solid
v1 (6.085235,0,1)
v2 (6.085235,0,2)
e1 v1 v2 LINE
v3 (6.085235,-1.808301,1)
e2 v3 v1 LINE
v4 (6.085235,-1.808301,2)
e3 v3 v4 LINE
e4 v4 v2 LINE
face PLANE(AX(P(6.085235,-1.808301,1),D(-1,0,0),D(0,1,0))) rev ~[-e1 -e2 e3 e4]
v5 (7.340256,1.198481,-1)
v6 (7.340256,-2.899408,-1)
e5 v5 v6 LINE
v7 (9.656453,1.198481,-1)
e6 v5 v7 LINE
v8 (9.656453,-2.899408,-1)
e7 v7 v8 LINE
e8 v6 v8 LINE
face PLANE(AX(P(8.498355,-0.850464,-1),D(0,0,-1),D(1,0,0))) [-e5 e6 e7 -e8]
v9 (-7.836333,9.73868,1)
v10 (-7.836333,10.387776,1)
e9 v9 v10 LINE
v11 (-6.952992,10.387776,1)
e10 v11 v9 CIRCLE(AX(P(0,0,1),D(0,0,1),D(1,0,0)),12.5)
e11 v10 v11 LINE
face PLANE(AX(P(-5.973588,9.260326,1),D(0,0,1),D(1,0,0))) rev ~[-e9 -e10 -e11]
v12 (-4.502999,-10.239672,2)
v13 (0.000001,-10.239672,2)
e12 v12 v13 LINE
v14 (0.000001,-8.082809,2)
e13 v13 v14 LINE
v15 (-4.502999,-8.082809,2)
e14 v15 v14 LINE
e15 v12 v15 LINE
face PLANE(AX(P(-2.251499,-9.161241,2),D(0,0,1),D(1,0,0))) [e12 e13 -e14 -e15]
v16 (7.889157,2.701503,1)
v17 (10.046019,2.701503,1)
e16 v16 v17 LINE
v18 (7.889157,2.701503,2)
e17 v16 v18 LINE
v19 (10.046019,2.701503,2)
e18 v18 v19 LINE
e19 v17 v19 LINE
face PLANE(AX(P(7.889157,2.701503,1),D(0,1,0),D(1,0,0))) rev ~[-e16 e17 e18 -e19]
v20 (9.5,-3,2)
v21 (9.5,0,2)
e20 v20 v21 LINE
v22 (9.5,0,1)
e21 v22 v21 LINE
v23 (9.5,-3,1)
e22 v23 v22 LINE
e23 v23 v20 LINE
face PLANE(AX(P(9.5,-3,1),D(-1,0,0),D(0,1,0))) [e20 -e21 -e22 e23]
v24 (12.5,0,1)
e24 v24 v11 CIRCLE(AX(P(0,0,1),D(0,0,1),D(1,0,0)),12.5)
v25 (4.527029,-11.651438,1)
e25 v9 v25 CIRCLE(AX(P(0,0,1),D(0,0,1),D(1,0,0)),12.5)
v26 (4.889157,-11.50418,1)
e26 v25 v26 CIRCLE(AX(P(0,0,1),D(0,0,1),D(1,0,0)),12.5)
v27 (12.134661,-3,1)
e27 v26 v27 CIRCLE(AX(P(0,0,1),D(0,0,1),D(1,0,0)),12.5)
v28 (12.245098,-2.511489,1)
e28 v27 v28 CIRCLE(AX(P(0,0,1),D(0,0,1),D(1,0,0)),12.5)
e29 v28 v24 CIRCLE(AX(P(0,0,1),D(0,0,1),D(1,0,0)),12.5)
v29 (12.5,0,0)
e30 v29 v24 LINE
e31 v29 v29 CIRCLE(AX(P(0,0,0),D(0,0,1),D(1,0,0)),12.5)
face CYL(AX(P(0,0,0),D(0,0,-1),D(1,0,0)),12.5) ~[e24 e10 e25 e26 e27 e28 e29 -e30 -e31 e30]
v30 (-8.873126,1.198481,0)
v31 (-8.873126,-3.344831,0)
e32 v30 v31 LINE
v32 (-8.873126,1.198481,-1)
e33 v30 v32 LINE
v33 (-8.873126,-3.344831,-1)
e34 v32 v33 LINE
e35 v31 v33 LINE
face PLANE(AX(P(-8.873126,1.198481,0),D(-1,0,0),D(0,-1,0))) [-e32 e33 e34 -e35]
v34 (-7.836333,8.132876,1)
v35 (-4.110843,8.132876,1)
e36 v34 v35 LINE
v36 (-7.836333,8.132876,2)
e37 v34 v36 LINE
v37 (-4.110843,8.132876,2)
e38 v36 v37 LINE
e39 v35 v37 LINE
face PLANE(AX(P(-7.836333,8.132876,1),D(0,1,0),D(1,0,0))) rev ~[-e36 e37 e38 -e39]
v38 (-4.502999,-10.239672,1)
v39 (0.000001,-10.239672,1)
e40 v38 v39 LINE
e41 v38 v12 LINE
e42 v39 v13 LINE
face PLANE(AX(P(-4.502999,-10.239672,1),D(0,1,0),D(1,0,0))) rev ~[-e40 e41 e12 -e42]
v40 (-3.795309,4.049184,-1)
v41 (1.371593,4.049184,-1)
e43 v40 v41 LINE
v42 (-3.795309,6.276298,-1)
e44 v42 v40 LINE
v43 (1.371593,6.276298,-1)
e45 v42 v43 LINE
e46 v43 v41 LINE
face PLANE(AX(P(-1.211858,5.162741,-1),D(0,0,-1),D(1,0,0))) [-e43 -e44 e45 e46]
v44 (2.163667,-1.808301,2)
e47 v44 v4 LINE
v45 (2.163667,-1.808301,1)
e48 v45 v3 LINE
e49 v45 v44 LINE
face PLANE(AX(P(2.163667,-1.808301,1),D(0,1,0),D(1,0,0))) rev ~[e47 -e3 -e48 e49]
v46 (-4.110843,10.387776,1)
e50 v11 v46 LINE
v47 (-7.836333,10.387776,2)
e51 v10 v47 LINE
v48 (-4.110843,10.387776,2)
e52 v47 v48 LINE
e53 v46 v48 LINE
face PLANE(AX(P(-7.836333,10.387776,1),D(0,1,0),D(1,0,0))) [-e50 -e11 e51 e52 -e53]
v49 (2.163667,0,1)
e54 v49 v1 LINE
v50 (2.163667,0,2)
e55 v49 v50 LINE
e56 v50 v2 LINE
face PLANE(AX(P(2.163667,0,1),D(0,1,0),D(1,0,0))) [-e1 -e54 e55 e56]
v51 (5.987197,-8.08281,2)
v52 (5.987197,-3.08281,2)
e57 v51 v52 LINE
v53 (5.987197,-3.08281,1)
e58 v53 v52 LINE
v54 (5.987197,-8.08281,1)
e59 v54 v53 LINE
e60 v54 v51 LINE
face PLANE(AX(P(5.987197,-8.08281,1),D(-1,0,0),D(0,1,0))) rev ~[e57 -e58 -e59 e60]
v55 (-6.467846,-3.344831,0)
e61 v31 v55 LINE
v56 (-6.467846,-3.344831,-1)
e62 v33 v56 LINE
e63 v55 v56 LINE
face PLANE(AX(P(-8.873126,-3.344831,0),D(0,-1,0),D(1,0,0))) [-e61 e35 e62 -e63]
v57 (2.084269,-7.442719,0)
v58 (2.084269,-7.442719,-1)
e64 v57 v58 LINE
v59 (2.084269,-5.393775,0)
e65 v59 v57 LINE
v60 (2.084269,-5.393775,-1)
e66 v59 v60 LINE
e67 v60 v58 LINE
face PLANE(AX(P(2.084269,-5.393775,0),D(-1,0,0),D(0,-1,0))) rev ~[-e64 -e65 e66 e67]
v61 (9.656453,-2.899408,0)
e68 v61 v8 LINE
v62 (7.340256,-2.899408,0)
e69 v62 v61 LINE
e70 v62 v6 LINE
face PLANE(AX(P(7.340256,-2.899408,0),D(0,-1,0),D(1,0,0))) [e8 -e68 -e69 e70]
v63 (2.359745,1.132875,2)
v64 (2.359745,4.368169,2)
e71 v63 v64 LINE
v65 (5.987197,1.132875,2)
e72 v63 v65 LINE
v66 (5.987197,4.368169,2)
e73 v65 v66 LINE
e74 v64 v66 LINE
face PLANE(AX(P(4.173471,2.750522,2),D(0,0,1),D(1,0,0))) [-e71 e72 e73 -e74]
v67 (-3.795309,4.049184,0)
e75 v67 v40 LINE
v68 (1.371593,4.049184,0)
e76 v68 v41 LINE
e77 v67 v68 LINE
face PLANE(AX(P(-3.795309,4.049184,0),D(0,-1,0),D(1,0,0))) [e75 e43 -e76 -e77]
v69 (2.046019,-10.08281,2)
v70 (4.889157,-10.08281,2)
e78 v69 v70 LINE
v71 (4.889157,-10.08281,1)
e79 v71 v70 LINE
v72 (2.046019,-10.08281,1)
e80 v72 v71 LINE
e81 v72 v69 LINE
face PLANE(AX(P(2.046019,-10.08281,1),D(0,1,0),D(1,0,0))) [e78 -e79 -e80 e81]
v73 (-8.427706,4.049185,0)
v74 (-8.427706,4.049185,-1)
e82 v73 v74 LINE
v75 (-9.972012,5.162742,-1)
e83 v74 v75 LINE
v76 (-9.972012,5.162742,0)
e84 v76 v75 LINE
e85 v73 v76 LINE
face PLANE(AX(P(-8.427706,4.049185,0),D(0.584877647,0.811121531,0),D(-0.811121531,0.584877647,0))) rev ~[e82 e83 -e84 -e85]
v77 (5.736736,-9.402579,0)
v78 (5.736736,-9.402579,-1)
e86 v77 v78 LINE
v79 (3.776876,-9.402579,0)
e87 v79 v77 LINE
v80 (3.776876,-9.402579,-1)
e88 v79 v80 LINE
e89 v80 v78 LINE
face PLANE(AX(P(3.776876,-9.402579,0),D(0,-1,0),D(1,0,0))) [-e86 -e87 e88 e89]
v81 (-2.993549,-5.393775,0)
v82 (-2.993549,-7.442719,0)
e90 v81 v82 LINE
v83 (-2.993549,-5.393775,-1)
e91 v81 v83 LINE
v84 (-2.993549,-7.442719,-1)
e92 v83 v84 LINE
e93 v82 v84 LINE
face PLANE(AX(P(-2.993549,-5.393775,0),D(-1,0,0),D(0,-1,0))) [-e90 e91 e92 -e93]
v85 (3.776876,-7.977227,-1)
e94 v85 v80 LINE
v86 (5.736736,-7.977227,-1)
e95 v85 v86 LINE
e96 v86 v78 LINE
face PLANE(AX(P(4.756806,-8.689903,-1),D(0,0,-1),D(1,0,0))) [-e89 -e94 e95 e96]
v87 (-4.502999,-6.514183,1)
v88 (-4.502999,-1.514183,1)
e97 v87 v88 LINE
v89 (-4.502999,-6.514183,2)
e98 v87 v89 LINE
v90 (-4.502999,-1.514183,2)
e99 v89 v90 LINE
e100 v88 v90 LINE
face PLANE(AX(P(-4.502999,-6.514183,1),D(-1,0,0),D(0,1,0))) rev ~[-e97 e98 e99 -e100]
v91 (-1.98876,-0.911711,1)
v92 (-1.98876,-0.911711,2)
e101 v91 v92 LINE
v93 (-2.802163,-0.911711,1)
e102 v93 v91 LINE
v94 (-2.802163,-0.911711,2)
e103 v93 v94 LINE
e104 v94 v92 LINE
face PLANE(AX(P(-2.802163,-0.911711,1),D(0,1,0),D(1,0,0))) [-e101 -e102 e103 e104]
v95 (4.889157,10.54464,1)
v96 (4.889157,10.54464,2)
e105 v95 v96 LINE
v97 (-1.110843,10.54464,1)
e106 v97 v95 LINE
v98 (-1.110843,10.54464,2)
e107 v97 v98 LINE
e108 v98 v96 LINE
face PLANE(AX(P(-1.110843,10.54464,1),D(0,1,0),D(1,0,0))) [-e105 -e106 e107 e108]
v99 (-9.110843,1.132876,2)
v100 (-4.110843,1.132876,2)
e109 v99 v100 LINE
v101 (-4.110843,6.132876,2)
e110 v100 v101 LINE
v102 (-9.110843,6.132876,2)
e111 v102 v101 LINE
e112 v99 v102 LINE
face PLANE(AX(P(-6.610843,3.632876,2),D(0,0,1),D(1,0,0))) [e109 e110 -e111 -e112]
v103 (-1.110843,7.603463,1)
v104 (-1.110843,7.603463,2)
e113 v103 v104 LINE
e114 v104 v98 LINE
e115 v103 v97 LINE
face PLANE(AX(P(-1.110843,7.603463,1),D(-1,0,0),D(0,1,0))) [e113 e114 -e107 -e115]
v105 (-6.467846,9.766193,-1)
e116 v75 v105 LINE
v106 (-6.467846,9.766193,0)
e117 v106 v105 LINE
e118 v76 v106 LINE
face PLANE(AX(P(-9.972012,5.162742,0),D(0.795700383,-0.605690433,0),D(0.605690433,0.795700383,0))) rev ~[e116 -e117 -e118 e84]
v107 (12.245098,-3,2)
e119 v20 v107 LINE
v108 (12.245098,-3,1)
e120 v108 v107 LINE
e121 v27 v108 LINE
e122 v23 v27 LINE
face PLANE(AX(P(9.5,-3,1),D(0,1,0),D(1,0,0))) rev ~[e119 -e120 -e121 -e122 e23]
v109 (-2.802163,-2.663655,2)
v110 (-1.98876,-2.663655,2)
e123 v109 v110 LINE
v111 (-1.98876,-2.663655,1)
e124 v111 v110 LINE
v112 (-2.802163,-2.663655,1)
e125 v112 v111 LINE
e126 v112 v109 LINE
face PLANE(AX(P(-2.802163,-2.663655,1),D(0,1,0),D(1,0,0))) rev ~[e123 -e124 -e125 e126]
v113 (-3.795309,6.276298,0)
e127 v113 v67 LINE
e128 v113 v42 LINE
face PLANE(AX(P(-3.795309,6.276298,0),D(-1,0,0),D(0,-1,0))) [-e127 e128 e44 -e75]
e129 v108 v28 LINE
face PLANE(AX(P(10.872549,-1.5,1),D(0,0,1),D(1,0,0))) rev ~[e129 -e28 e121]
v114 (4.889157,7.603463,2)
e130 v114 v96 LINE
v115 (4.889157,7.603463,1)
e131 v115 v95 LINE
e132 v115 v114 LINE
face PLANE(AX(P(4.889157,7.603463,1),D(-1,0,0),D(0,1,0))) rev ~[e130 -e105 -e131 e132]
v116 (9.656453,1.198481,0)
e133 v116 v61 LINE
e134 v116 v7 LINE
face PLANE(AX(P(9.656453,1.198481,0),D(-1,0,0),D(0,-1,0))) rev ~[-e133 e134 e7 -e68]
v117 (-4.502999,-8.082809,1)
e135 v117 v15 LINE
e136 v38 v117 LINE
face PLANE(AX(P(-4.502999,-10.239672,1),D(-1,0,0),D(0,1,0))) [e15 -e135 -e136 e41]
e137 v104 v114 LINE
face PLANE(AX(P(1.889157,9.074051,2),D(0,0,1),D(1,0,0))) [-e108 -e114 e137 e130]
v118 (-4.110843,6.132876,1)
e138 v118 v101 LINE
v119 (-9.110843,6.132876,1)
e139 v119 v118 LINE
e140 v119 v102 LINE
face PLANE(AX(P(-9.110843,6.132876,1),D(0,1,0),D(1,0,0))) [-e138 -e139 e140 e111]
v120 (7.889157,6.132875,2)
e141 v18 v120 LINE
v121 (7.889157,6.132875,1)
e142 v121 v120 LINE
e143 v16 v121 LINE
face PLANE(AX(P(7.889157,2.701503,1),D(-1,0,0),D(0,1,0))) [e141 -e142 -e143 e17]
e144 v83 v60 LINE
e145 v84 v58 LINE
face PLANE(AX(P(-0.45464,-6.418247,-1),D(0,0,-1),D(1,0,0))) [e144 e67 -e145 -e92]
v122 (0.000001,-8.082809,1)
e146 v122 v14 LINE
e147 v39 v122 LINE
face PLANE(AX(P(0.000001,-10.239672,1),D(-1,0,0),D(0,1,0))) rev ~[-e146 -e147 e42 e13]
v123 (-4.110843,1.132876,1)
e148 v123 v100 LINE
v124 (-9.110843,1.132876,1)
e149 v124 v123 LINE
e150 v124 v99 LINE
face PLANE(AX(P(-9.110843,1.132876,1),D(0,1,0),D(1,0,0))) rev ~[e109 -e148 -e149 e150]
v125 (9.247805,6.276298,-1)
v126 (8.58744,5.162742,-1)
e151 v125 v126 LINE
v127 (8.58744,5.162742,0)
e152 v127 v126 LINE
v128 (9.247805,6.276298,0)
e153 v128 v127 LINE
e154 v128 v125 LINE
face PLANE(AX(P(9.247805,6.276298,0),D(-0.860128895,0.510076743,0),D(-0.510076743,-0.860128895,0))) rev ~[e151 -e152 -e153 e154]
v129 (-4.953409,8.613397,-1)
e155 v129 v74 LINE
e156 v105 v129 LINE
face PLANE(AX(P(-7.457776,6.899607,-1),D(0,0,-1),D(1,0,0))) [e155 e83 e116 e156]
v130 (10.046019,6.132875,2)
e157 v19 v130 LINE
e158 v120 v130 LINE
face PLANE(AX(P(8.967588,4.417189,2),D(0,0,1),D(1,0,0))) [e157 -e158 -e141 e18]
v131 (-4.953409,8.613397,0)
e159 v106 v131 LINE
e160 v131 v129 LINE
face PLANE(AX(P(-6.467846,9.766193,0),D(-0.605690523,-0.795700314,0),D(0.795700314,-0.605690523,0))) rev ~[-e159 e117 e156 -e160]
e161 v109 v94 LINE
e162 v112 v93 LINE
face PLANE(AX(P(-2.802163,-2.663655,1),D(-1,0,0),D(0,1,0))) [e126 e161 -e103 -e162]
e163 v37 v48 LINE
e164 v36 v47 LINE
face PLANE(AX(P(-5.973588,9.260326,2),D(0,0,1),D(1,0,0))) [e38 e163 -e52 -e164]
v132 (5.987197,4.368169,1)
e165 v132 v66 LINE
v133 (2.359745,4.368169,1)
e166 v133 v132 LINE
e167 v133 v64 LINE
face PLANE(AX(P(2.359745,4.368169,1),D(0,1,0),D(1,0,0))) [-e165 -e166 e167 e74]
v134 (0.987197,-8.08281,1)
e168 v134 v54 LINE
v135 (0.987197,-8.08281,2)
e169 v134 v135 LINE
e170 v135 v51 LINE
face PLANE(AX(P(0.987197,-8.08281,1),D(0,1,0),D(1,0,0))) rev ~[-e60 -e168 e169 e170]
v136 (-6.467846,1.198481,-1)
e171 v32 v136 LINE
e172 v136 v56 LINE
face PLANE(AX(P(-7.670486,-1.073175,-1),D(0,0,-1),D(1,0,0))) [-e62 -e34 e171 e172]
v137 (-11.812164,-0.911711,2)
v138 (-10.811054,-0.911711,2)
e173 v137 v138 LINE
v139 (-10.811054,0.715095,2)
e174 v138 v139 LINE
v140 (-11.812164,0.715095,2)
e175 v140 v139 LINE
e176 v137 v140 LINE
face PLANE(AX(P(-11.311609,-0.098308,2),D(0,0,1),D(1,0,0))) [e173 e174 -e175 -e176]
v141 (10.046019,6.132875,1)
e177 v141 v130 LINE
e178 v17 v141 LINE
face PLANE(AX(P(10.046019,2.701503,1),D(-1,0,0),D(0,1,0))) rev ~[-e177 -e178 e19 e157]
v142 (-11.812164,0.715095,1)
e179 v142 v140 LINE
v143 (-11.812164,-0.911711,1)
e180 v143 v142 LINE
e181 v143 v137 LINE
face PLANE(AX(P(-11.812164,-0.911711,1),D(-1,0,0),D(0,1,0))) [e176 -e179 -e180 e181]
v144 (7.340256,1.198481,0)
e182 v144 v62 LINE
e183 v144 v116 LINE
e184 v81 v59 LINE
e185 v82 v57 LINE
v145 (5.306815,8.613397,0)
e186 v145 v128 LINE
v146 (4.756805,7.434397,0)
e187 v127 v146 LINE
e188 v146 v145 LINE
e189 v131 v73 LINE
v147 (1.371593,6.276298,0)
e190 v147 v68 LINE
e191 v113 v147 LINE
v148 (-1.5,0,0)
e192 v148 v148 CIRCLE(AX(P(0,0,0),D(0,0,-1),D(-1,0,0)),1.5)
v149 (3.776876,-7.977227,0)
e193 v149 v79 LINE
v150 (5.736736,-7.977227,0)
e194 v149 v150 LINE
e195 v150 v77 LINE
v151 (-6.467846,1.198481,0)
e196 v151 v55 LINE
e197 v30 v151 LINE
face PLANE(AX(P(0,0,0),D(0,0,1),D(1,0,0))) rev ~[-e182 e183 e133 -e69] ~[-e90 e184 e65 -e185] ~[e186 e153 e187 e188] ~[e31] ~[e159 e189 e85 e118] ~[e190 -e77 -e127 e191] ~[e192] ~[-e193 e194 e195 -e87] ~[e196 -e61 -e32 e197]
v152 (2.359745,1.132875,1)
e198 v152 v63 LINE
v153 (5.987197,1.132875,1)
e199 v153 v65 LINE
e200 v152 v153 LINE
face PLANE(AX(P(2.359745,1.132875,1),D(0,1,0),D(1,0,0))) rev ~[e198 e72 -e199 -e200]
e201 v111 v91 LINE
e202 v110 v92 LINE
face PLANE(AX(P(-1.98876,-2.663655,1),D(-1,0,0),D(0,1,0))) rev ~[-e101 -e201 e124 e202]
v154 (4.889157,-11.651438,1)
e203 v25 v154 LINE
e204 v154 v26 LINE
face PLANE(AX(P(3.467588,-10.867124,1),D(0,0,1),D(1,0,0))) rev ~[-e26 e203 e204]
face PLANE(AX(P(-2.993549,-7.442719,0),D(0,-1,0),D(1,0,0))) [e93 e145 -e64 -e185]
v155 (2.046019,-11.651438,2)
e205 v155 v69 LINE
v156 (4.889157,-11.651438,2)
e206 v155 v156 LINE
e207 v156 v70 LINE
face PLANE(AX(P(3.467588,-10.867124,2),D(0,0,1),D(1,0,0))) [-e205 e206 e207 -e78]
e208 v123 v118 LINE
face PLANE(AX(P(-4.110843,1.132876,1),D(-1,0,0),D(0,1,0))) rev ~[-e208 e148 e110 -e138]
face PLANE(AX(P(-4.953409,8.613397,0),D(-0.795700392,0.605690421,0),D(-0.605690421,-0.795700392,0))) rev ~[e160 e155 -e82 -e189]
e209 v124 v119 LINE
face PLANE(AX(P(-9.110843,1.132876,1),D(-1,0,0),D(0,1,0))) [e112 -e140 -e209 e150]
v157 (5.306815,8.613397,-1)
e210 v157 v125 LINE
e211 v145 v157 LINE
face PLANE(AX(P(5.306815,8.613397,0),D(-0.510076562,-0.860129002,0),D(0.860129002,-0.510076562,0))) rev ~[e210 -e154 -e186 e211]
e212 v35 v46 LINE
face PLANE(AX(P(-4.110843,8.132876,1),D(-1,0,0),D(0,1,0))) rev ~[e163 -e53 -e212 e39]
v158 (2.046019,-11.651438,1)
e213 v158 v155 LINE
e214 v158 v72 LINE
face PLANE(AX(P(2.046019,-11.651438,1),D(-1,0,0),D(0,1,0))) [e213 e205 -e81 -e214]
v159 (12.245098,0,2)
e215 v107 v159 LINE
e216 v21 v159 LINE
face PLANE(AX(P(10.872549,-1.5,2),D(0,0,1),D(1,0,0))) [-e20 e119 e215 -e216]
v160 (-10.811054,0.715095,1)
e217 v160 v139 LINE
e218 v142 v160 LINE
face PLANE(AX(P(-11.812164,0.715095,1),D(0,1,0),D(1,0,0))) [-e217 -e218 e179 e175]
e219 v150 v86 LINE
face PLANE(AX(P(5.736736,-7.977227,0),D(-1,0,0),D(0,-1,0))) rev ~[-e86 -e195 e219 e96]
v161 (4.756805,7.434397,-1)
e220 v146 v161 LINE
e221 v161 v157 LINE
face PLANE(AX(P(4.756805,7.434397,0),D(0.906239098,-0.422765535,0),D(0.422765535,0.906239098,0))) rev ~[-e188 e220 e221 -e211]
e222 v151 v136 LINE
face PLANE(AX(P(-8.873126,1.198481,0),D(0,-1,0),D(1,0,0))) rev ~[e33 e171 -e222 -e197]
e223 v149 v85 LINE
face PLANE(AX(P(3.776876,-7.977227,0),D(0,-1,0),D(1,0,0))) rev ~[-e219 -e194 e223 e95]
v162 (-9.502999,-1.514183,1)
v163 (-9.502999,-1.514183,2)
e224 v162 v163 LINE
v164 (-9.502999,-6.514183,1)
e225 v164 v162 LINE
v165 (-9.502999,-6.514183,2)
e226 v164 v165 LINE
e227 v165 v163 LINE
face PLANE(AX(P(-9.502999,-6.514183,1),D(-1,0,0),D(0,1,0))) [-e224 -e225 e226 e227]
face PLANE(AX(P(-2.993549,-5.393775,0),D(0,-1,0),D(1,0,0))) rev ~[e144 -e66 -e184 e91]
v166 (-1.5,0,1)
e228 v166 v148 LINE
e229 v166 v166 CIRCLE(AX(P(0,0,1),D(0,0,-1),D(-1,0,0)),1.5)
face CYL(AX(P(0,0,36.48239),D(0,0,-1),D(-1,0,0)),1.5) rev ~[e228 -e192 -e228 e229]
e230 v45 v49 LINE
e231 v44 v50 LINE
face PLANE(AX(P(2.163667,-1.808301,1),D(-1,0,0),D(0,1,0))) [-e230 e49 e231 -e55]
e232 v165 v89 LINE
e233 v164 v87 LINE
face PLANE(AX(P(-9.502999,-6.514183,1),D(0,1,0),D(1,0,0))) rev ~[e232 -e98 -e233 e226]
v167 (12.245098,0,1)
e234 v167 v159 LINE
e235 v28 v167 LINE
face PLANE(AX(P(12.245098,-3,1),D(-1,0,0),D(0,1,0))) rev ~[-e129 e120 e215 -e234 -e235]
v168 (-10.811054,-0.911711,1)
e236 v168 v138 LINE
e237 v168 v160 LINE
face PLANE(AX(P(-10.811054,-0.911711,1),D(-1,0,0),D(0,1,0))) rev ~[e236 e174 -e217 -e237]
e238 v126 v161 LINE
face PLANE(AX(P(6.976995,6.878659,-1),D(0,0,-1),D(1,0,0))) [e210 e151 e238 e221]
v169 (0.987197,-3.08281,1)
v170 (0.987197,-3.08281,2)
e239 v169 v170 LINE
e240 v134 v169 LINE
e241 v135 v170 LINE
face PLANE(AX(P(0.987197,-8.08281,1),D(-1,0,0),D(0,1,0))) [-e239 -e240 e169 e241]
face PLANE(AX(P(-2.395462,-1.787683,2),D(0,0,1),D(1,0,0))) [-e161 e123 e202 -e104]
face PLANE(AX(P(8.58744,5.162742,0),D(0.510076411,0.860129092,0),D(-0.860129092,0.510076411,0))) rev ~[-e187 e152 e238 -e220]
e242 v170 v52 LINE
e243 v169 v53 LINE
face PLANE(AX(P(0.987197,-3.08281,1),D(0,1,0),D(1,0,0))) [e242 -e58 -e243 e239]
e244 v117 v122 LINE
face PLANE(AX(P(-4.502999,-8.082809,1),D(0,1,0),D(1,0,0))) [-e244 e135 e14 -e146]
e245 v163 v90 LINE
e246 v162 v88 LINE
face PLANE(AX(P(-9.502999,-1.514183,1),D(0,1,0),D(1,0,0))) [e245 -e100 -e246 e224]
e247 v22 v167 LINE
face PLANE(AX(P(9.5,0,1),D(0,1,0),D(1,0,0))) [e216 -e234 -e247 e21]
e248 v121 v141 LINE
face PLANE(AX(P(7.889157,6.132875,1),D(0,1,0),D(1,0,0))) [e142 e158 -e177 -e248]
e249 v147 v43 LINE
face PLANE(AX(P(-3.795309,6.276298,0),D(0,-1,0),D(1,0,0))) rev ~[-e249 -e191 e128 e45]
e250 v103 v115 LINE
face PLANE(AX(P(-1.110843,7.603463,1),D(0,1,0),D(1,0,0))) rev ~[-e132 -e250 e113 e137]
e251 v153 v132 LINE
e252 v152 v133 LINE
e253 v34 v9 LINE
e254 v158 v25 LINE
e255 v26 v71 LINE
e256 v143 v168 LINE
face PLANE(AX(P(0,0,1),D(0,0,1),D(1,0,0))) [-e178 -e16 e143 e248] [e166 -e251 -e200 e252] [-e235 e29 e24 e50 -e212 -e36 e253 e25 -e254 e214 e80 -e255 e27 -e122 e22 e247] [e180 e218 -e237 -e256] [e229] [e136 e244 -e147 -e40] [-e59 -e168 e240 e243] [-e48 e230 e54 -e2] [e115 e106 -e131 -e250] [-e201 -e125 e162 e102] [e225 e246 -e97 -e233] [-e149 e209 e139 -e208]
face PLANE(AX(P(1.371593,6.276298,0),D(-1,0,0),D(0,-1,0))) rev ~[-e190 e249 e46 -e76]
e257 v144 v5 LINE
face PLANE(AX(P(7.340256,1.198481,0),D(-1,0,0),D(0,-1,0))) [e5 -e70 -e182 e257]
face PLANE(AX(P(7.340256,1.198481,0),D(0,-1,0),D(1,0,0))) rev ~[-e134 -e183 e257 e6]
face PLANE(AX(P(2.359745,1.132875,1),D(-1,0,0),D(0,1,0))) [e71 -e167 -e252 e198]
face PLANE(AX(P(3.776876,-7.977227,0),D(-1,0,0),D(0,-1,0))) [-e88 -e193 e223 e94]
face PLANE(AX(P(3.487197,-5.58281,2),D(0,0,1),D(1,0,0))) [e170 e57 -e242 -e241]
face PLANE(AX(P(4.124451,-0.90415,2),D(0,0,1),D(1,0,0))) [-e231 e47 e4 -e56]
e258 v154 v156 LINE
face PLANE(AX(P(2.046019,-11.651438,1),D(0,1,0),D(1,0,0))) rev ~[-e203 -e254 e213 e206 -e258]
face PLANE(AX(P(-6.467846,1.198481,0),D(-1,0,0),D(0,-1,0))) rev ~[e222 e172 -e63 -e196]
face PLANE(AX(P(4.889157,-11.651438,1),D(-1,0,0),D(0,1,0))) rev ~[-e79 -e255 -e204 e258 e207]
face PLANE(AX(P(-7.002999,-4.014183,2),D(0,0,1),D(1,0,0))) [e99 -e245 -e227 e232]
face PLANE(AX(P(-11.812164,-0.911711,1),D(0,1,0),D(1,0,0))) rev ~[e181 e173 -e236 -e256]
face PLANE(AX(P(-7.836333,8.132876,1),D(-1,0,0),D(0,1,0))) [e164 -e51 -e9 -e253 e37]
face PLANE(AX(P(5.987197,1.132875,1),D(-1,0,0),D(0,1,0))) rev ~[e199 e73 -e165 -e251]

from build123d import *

# Parameters (mm, degrees)
F0_R     = 12.5
F1_DEPTH = 1
F2_W     = 5
F2_H     = 5
F2_W_2   = 3.627453
F2_H_2   = 3.235293
F2_W_3   = 6
F2_H_3   = 2.941177
F2_W_4   = 2.745098
F2_H_4   = 3
F2_W_5   = 3.72549
F2_H_5   = 2.254901
F2_W_6   = 4.502999
F2_H_6   = 2.156863
F2_W_7   = 2.843137
F2_H_7   = 1.568628
F2_W_8   = 2.156863
F2_H_8   = 3.431373
F2_W_9   = 3.921569
F2_H_9   = 1.808301
F2_W_10  = 1.00111
F2_H_10  = 1.626806
F2_W_11  = 0.813403
F2_H_11  = 1.751944
F3_DEPTH = 1
F4_W     = 2.405281
F4_H     = 4.543311
F4_W_2   = 5.166902
F4_H_2   = 2.227113
F4_W_3   = 2.316197
F4_H_3   = 4.097889
F4_W_4   = 5.077818
F4_H_4   = 2.048944
F4_W_5   = 1.95986
F4_H_5   = 1.425353
F5_DEPTH = 1
F7_D     = 3


with BuildPart() as f1:
    # F0 (on Top) → F1 (new body)
    with BuildSketch(Plane.XY):
        Circle(F0_R)
    extrude(amount=F1_DEPTH)

    # F2 (on face) → F3 (join)
    with BuildSketch(Plane.XY.offset(1)):
        with Locations((-7.002999, -4.014183)):
            Rectangle(F2_W, F2_H)
        with Locations((3.487197, -5.58281)):
            Rectangle(F2_W, F2_H)
        with Locations((-6.610843, 3.632876)):
            Rectangle(F2_W, F2_H)
        with Locations((4.173471, 2.750522)):
            Rectangle(F2_W_2, F2_H_2)
        with Locations((1.889157, 9.074051)):
            Rectangle(F2_W_3, F2_H_3)
        with Locations((10.872549, -1.5)):
            Rectangle(F2_W_4, F2_H_4)
        with Locations((-5.973588, 9.260326)):
            Rectangle(F2_W_5, F2_H_5)
        with Locations((-2.251499, -9.161241)):
            Rectangle(F2_W_6, F2_H_6)
        with Locations((3.467588, -10.867124)):
            Rectangle(F2_W_7, F2_H_7)
        with Locations((8.967588, 4.417189)):
            Rectangle(F2_W_8, F2_H_8)
        with Locations((4.124451, -0.90415)):
            Rectangle(F2_W_9, F2_H_9)
        with Locations((-11.311609, -0.098308)):
            Rectangle(F2_W_10, F2_H_10)
        with Locations((-2.395462, -1.787683)):
            Rectangle(F2_W_11, F2_H_11)
    extrude(amount=F3_DEPTH)

    # F4 (on face) → F5 (join)
    with BuildSketch(Plane(origin=(0, 0, 0), x_dir=(1, 0, 0), z_dir=(0, 0, -1))):
        with Locations((-7.670486, 1.073175)):
            Rectangle(F4_W, F4_H)
        with Locations((-1.211858, -5.162741)):
            Rectangle(F4_W_2, F4_H_2)
        with Locations((8.498355, 0.850464)):
            Rectangle(F4_W_3, F4_H_3)
        with Locations((-0.45464, 6.418247)):
            Rectangle(F4_W_4, F4_H_4)
        with Locations((4.756806, 8.689903)):
            Rectangle(F4_W_5, F4_H_5)
        Polygon((8.58744, -5.162742), (4.756805, -7.434397), (5.306815, -8.613397), (9.247805, -6.276298), align=None)
        Polygon((-4.953409, -8.613397), (-8.427706, -4.049185), (-9.972012, -5.162742), (-6.467846, -9.766193), align=None)
    extrude(amount=F5_DEPTH)

    # F7 (through all)
    with Locations(Plane.XY.offset(1)):
        with Locations((0, 0)):
            Hole(F7_D / 2)


solid = f1.part
